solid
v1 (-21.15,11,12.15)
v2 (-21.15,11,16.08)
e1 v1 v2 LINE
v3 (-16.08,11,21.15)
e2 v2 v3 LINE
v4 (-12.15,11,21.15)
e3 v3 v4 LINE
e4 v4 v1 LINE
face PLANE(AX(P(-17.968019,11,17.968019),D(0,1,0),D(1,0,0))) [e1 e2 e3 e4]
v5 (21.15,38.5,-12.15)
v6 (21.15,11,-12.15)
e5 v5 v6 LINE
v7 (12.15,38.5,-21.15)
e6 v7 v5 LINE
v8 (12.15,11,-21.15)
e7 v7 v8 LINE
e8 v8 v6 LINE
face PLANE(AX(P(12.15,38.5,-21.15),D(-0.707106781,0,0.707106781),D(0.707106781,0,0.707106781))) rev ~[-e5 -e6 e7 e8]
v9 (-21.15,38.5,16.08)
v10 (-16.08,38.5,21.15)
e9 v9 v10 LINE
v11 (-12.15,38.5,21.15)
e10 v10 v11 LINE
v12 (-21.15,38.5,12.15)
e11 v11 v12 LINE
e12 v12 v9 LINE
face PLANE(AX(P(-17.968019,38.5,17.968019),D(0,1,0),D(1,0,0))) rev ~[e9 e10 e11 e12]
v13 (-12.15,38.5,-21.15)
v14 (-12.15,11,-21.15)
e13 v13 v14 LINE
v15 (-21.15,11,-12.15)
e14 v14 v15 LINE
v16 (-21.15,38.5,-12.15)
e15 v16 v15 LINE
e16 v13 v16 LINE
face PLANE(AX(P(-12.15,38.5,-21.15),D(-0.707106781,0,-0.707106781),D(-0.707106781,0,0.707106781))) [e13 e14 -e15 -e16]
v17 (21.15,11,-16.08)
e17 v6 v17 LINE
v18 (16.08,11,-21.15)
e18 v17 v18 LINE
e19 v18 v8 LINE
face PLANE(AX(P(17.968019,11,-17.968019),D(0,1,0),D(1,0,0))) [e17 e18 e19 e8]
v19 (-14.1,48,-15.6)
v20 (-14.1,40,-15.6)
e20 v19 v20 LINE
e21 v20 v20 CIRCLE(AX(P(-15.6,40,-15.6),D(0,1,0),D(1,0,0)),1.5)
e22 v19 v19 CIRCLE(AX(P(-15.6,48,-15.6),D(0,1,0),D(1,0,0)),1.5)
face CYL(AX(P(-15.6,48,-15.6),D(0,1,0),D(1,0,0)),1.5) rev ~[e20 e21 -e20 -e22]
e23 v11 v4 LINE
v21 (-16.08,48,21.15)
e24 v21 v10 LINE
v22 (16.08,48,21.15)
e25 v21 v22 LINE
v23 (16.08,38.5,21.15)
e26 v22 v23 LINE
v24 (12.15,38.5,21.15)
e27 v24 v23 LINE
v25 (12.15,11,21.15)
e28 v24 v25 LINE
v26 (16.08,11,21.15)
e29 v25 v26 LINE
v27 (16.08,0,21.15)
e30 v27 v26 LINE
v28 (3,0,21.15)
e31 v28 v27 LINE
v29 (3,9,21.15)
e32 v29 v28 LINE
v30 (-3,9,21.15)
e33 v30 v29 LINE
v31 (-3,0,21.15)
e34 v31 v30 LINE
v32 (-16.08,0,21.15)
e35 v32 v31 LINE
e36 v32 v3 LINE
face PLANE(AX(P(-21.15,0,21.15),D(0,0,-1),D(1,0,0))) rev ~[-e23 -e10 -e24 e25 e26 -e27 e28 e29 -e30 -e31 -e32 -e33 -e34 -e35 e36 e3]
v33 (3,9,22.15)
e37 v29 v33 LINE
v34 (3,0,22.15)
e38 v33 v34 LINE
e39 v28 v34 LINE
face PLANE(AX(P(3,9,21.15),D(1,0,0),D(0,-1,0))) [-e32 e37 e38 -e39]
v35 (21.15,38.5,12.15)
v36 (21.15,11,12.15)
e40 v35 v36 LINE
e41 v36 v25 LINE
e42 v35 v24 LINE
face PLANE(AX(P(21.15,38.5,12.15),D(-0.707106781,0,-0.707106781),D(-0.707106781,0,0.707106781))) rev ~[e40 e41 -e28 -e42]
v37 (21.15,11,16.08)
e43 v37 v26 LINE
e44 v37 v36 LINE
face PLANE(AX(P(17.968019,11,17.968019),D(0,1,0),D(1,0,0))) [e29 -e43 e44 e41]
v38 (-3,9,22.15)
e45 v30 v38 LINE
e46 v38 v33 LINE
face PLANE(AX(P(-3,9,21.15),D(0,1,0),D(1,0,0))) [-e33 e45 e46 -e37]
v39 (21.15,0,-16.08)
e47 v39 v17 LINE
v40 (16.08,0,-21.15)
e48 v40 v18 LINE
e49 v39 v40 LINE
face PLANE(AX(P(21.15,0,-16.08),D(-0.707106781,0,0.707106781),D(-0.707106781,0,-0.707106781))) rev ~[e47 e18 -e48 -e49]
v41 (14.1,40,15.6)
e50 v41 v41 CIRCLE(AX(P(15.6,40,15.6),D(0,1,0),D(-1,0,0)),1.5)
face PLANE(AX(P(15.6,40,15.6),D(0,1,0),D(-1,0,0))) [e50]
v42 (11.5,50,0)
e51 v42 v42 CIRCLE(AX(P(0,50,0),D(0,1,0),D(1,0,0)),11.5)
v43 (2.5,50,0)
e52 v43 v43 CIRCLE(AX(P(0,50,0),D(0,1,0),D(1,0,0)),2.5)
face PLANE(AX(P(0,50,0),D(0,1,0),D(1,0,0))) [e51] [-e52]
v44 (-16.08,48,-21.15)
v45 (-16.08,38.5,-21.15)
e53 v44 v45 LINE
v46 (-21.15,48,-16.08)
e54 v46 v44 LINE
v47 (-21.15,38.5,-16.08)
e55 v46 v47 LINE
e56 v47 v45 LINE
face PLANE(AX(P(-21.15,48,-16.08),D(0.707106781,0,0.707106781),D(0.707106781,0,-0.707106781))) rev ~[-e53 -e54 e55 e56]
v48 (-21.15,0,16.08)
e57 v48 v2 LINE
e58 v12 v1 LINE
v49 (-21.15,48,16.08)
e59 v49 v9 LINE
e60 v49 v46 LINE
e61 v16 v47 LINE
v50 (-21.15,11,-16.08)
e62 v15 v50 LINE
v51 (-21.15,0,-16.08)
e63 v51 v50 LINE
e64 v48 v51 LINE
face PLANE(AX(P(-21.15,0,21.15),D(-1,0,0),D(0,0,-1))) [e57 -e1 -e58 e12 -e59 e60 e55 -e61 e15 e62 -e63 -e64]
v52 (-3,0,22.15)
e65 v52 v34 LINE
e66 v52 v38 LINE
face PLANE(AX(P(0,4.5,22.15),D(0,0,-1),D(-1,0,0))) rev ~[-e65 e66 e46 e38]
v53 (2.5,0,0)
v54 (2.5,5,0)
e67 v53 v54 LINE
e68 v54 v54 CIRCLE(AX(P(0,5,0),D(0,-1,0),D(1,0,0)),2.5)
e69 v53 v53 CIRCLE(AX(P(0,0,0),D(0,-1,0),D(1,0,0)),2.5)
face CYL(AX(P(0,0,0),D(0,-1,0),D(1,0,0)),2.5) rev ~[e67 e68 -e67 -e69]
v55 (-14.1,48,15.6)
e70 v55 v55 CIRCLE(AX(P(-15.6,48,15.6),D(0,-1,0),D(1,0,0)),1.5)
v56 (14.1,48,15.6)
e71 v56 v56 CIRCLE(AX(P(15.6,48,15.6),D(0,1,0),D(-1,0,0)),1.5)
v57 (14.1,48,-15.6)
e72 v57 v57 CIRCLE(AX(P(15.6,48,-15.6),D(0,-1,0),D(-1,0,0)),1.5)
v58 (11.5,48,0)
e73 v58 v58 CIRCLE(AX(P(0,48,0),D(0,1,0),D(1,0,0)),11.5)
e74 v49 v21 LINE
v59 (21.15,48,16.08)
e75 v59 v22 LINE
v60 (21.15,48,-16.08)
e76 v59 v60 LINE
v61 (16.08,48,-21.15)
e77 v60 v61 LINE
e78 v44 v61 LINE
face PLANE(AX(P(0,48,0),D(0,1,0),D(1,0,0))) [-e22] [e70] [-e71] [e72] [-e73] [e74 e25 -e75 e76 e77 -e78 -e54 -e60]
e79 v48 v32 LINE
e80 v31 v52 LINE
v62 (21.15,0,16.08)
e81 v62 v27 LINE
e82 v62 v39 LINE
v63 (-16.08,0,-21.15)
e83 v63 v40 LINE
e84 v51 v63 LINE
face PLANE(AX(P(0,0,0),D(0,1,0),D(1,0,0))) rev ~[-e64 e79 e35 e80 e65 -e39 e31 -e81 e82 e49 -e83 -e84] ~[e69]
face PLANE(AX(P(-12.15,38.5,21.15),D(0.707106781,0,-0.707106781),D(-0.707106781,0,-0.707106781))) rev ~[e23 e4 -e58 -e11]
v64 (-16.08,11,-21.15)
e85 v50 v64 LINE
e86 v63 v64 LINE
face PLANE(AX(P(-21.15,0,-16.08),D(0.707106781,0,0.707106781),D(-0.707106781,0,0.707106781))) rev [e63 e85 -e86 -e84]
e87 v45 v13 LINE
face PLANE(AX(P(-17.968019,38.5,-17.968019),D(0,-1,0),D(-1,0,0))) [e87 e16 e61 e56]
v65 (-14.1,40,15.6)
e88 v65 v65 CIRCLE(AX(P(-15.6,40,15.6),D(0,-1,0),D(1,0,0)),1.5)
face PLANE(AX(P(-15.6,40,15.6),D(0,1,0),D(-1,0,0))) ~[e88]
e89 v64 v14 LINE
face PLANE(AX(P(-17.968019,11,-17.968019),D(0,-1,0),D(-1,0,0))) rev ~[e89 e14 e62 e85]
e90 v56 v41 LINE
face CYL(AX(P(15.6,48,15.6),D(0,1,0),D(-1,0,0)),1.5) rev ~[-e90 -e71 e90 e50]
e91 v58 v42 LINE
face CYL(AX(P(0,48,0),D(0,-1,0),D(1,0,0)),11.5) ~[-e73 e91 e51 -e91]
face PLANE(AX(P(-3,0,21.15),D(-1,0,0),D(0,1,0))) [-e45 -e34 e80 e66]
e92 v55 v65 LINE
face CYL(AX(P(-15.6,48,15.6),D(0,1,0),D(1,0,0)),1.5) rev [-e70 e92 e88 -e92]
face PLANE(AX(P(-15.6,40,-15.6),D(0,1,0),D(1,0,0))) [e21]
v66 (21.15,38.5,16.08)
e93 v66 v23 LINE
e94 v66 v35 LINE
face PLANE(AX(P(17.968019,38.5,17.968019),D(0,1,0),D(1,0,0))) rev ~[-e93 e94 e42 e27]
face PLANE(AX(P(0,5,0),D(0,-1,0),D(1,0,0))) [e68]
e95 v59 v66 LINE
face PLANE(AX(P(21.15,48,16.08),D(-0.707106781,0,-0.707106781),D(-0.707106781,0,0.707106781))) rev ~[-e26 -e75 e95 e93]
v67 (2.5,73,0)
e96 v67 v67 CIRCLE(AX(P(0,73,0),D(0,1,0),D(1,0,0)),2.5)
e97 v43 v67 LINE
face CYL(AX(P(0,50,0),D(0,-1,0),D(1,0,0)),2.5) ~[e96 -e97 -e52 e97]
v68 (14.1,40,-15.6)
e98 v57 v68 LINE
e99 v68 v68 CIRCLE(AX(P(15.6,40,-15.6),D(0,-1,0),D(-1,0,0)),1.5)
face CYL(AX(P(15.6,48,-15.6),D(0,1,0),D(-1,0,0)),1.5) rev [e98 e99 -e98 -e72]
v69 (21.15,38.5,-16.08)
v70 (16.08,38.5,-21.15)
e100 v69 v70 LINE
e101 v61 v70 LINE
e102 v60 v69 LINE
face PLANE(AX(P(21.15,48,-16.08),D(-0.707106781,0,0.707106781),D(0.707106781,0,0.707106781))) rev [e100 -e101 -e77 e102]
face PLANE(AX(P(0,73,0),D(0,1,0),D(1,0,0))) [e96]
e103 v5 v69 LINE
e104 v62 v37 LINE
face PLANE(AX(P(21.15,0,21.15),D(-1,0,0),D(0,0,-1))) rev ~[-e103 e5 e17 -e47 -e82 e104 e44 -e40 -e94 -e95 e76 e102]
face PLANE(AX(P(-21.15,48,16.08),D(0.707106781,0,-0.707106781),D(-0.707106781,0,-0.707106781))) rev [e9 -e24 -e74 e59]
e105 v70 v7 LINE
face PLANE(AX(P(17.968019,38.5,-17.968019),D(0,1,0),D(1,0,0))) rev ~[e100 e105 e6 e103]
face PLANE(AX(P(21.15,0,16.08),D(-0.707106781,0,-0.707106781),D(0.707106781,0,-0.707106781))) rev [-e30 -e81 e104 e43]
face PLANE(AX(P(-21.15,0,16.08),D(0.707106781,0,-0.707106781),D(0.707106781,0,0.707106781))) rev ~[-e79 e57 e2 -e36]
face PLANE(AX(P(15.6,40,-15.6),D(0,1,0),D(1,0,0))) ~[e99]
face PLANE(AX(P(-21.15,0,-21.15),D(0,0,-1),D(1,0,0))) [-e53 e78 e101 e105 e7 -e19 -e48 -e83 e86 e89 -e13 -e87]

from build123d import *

# Parameters (mm, degrees)
SKETCH1_W               = 42.3
SKETCH1_H               = 42.3
BOSS_EXTRUDE1_DEPTH     = 48
SKETCH2_R               = 11.5
BOSS_EXTRUDE2_DEPTH     = 2
SKETCH3_R               = 2.5
BOSS_EXTRUDE3_DEPTH     = 23
SKETCH4_R               = 1.5
CUT_EXTRUDE1_DEPTH      = 8
MIRROR3_COPY_1_SKETCH_R = 1.5
MIRROR3_COPY_1_DEPTH    = 8
CUT_EXTRUDE2_DEPTH      = 9.5
MIRROR5_COPY_1_DEPTH    = 9.5
SKETCH7_R               = 2.5
CUT_EXTRUDE5_DEPTH      = 5
CUT_EXTRUDE6_DEPTH      = 11
MIRROR7_COPY_1_DEPTH    = 11
CUT_EXTRUDE7_DEPTH      = 27.5
CUT_EXTRUDE8_DEPTH      = 27.5
CUT_EXTRUDE9_DEPTH      = 27.5
CUT_EXTRUDE10_DEPTH     = 27.5
BOSS_EXTRUDE4_DEPTH     = 1


with BuildPart() as part:
    # Sketch1 → Boss-Extrude1 (new body)
    with BuildSketch(Plane(origin=(0, 0, 0), x_dir=(1, 0, 0), z_dir=(0, 1, 0))):
        Rectangle(SKETCH1_W, SKETCH1_H)
    extrude(amount=BOSS_EXTRUDE1_DEPTH)

    # Sketch2 → Boss-Extrude2 (add)
    with BuildSketch(Plane(origin=(0, 48, 0), x_dir=(1, 0, 0), z_dir=(0, 1, 0))):
        Circle(SKETCH2_R)
    extrude(amount=BOSS_EXTRUDE2_DEPTH)

    # Sketch3 → Boss-Extrude3 (add)
    with BuildSketch(Plane(origin=(0, 50, 0), x_dir=(1, 0, 0), z_dir=(0, 1, 0))):
        Circle(SKETCH3_R)
    extrude(amount=BOSS_EXTRUDE3_DEPTH)

    # Sketch4 → Cut-Extrude1 (cut)
    with BuildSketch(Plane(origin=(0, 48, 0), x_dir=(1, 0, 0), z_dir=(0, 1, 0))):
        with Locations((-15.6, 15.6)):
            Circle(SKETCH4_R)
    cut_extrude1 = extrude(amount=-CUT_EXTRUDE1_DEPTH, mode=Mode.SUBTRACT)

    # Mirror1: Cut-Extrude1 across plane
    add(cut_extrude1.mirror(Plane(origin=(0, 0, 0), x_dir=(0, 0, 1), z_dir=(1, 0, 0))), mode=Mode.SUBTRACT)

    # Mirror3: Cut-Extrude1 across plane
    add(cut_extrude1.mirror(Plane.XY), mode=Mode.SUBTRACT)

    # Mirror3 copy 1 sketch → Mirror3 copy 1 (cut)
    with BuildSketch(Plane(origin=(0, 48, 0), x_dir=(-1, 0, 0), z_dir=(0, 1, 0))):
        with Locations((-15.6, 15.6)):
            Circle(MIRROR3_COPY_1_SKETCH_R)
    extrude(amount=-MIRROR3_COPY_1_DEPTH, mode=Mode.SUBTRACT)

    # Sketch6 → Cut-Extrude2 (cut)
    with BuildSketch(Plane(origin=(0, 48, 0), x_dir=(1, 0, 0), z_dir=(0, 1, 0))):
        Polygon((-21.15, 21.15), (-21.15, 16.08), (-16.08, 21.15), align=None)
    cut_extrude2 = extrude(amount=-CUT_EXTRUDE2_DEPTH, mode=Mode.SUBTRACT)

    # Mirror4: Cut-Extrude2 across plane
    add(cut_extrude2.mirror(Plane(origin=(0, 0, 0), x_dir=(0, 0, 1), z_dir=(1, 0, 0))), mode=Mode.SUBTRACT)

    # Mirror5: Cut-Extrude2 across plane
    add(cut_extrude2.mirror(Plane.XY), mode=Mode.SUBTRACT)

    # Mirror5 copy 1 sketch → Mirror5 copy 1 (cut)
    with BuildSketch(Plane(origin=(0, 48, 0), x_dir=(-1, 0, 0), z_dir=(0, 1, 0))):
        Polygon((-21.15, 21.15), (-21.15, 16.08), (-16.08, 21.15), align=None)
    extrude(amount=-MIRROR5_COPY_1_DEPTH, mode=Mode.SUBTRACT)

    # Sketch7 → Cut-Extrude5 (cut)
    with BuildSketch(Plane.XZ):
        Circle(SKETCH7_R)
    extrude(amount=-CUT_EXTRUDE5_DEPTH, mode=Mode.SUBTRACT)

    # Sketch8 → Cut-Extrude6 (cut)
    with BuildSketch(Plane.XZ):
        Polygon((-21.15, 21.15), (-21.15, 16.08), (-16.08, 21.15), align=None)
    cut_extrude6 = extrude(amount=-CUT_EXTRUDE6_DEPTH, mode=Mode.SUBTRACT)

    # Mirror6: Cut-Extrude6 across plane
    add(cut_extrude6.mirror(Plane(origin=(0, 0, 0), x_dir=(0, 0, 1), z_dir=(1, 0, 0))), mode=Mode.SUBTRACT)

    # Mirror7: Cut-Extrude6 across plane
    add(cut_extrude6.mirror(Plane.XY), mode=Mode.SUBTRACT)

    # Mirror7 copy 1 sketch → Mirror7 copy 1 (cut)
    with BuildSketch(Plane(origin=(0, 0, 0), x_dir=(-1, 0, 0), z_dir=(0, -1, 0))):
        Polygon((-21.15, 21.15), (-21.15, 16.08), (-16.08, 21.15), align=None)
    extrude(amount=-MIRROR7_COPY_1_DEPTH, mode=Mode.SUBTRACT)

    # Sketch10 → Cut-Extrude7 (cut)
    with BuildSketch(Plane(origin=(0, 38.5, 0), x_dir=(1, 0, 0), z_dir=(0, 1, 0))):
        Polygon((-21.15, 21.15), (-12.15, 21.15), (-21.15, 12.15), align=None)
    extrude(amount=-CUT_EXTRUDE7_DEPTH, mode=Mode.SUBTRACT)

    # Sketch11 → Cut-Extrude8 (cut)
    with BuildSketch(Plane(origin=(0, 38.5, 0), x_dir=(1, 0, 0), z_dir=(0, 1, 0))):
        Polygon((21.15, 21.15), (12.15, 21.15), (21.15, 12.15), align=None)
    extrude(amount=-CUT_EXTRUDE8_DEPTH, mode=Mode.SUBTRACT)

    # Sketch12 → Cut-Extrude9 (cut)
    with BuildSketch(Plane(origin=(0, 38.5, 0), x_dir=(1, 0, 0), z_dir=(0, 1, 0))):
        Polygon((-21.15, -21.15), (-12.15, -21.15), (-21.15, -12.15), align=None)
    extrude(amount=-CUT_EXTRUDE9_DEPTH, mode=Mode.SUBTRACT)

    # Sketch13 → Cut-Extrude10 (cut)
    with BuildSketch(Plane(origin=(0, 38.5, 0), x_dir=(1, 0, 0), z_dir=(0, 1, 0))):
        Polygon((21.15, -21.15), (21.15, -12.15), (12.15, -21.15), align=None)
    extrude(amount=-CUT_EXTRUDE10_DEPTH, mode=Mode.SUBTRACT)

    # Sketch14 → Boss-Extrude4 (add)
    with BuildSketch(Plane.XY.offset(21.15)):
        Polygon((0, 0), (-3, 0), (-3, 9), (3, 9), (3, 0), align=None)
    extrude(amount=BOSS_EXTRUDE4_DEPTH)


solid = part.part
